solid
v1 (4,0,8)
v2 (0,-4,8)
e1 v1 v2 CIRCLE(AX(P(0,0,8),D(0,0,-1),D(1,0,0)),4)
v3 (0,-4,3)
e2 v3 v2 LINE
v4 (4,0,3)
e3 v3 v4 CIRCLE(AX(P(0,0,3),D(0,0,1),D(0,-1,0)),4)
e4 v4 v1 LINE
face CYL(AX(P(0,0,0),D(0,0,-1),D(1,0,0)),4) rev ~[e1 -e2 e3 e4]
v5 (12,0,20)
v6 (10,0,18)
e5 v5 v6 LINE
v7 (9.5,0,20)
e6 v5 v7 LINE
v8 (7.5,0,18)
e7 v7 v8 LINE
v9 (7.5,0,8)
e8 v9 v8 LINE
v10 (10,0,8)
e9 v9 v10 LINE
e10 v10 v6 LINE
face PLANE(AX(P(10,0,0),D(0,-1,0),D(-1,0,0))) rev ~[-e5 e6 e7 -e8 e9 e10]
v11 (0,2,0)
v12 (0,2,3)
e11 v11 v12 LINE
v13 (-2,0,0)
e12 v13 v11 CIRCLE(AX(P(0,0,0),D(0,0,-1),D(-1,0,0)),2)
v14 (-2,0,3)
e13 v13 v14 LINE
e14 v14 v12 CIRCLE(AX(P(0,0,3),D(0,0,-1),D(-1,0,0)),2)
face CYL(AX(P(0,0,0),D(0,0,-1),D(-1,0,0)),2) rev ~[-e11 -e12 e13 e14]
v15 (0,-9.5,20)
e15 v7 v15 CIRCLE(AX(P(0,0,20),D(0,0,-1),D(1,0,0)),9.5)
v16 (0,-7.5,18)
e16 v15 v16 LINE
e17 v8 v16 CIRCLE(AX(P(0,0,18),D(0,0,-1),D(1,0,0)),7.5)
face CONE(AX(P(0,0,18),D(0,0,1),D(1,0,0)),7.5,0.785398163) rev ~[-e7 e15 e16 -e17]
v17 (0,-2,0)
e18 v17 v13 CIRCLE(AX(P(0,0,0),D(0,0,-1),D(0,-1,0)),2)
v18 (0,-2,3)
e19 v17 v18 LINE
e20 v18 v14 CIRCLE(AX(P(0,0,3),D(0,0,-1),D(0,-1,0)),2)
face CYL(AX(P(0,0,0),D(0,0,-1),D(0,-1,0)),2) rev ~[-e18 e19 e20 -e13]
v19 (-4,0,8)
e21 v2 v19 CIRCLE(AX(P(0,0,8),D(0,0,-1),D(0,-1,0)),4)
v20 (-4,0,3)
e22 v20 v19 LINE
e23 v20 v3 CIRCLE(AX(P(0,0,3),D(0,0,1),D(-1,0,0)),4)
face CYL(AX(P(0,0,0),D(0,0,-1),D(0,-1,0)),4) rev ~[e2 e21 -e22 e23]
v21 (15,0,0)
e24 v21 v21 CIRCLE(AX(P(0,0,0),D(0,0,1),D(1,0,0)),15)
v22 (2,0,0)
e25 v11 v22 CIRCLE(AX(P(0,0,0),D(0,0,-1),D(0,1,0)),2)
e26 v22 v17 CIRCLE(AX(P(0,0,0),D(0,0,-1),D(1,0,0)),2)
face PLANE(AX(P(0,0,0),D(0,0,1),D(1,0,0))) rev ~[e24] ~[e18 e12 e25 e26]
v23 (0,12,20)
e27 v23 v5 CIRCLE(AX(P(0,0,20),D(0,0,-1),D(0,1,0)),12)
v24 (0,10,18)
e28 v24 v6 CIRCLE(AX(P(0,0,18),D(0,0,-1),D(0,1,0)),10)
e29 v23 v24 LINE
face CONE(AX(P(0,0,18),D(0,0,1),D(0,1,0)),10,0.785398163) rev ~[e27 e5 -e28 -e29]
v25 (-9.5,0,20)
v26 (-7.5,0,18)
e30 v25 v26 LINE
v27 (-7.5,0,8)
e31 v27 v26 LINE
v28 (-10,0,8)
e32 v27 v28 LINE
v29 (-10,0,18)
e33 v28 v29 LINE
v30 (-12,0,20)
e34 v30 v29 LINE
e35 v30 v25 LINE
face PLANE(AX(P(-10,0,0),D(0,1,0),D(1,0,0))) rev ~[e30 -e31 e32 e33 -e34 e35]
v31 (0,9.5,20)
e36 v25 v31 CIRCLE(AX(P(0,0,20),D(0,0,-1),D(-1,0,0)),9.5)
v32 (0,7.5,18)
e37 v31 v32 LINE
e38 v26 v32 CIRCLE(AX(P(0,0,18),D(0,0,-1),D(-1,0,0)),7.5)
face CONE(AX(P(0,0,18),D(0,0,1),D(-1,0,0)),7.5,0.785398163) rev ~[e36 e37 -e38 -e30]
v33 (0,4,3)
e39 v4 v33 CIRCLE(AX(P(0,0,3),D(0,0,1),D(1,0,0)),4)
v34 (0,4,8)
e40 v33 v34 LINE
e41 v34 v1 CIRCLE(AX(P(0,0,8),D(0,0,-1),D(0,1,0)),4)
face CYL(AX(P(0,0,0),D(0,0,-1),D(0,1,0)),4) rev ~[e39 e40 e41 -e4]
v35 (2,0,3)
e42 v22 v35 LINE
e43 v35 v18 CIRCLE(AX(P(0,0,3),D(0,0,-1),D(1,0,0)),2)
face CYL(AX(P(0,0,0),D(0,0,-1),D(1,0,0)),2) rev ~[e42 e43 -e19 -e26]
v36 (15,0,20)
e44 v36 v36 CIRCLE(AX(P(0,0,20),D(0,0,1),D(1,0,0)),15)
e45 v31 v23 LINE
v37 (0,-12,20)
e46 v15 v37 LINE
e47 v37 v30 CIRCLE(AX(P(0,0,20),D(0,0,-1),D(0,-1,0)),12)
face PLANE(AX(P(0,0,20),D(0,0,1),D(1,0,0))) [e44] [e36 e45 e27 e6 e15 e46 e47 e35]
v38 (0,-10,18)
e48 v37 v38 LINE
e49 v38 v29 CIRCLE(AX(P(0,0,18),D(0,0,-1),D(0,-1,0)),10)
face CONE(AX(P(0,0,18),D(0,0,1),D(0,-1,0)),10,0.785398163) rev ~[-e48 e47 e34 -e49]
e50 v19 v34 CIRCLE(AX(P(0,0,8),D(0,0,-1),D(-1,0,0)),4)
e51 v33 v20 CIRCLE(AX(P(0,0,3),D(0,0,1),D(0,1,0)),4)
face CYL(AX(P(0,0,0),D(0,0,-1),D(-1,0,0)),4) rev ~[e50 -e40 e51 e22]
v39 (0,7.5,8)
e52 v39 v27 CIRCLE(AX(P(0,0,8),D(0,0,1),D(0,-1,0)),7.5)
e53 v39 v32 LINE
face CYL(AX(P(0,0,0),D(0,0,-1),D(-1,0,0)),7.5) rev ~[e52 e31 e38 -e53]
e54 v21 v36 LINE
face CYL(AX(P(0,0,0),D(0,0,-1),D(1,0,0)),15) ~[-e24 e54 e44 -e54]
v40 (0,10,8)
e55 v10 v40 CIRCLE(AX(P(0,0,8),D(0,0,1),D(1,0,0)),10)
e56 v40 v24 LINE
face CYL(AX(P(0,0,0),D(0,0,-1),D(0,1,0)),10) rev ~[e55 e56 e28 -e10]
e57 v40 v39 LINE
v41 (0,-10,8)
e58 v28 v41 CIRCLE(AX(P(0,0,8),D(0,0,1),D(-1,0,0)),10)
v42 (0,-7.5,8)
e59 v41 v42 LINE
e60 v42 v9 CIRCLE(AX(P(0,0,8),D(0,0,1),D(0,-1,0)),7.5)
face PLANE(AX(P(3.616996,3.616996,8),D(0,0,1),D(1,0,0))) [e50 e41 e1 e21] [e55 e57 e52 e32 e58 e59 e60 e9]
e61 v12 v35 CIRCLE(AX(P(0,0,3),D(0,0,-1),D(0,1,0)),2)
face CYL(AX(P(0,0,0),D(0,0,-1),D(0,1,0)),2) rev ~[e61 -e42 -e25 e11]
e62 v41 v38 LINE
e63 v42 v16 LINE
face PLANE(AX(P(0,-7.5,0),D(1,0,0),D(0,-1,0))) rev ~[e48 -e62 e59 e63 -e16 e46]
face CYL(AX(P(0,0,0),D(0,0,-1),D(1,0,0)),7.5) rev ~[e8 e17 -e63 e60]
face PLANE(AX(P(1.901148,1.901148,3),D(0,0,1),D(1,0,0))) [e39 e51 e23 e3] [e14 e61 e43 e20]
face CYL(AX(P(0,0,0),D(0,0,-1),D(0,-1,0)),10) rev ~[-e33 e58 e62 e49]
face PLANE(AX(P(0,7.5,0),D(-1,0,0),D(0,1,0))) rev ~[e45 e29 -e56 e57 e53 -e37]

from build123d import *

# Parameters (mm, degrees)
F1_DEPTH = 3
F2_DEPTH = 8
F0_R     = 15
F3_DEPTH = 20
F4_SIZE  = 2


with BuildPart() as f1:
    # F0 (on Top) → F1 (new body)
    with BuildSketch(Plane.XY):
        with BuildLine():
            Line((2, 0), (4, 0))
            ThreePointArc((4, 0), (2.8284271247, 2.8284271247), (0, 4))
            Line((0, 4), (0, 2))
            ThreePointArc((0, 2), (1.4142135624, 1.4142135624), (2, 0))
        make_face()
        with BuildLine():
            Line((0, 2), (0, 4))
            ThreePointArc((0, 4), (-2.8284271247, 2.8284271247), (-4, 0))
            Line((-4, 0), (-2, 0))
            ThreePointArc((-2, 0), (-1.4142135624, 1.4142135624), (0, 2))
        make_face()
        with BuildLine():
            ThreePointArc((-4, 0), (-2.8284271247, -2.8284271247), (0, -4))
            Line((0, -4), (0, -2))
            ThreePointArc((0, -2), (-1.4142135624, -1.4142135624), (-2, 0))
            Line((-2, 0), (-4, 0))
        make_face()
        with BuildLine():
            ThreePointArc((0, -4), (2.8284271247, -2.8284271247), (4, 0))
            Line((4, 0), (2, 0))
            ThreePointArc((2, 0), (1.4142135624, -1.4142135624), (0, -2))
            Line((0, -2), (0, -4))
        make_face()
    extrude(amount=F1_DEPTH)

    # F0 (on Top) → F2 (join)
    with BuildSketch(Plane.XY):
        with BuildLine():
            Line((4, 0), (7.5, 0))
            ThreePointArc((7.5, 0), (5.3033008589, 5.3033008589), (0, 7.5))
            Line((0, 7.5), (0, 4))
            ThreePointArc((0, 4), (2.8284271247, 2.8284271247), (4, 0))
        make_face()
        with BuildLine():
            ThreePointArc((-7.5, 0), (-5.3033008589, -5.3033008589), (0, -7.5))
            Line((0, -7.5), (0, -4))
            ThreePointArc((0, -4), (-2.8284271247, -2.8284271247), (-4, 0))
            Line((-4, 0), (-7.5, 0))
        make_face()
        with BuildLine():
            ThreePointArc((0, -7.5), (5.3033008589, -5.3033008589), (7.5, 0))
            Line((7.5, 0), (4, 0))
            ThreePointArc((4, 0), (2.8284271247, -2.8284271247), (0, -4))
            Line((0, -4), (0, -7.5))
        make_face()
        with BuildLine():
            Line((0, 4), (0, 7.5))
            ThreePointArc((0, 7.5), (-5.3033008589, 5.3033008589), (-7.5, 0))
            Line((-7.5, 0), (-4, 0))
            ThreePointArc((-4, 0), (-2.8284271247, 2.8284271247), (0, 4))
        make_face()
        with BuildLine():
            ThreePointArc((-10, 0), (-7.0710678119, -7.0710678119), (0, -10))
            Line((0, -10), (0, -7.5))
            ThreePointArc((0, -7.5), (-5.3033008589, -5.3033008589), (-7.5, 0))
            Line((-7.5, 0), (-10, 0))
        make_face()
        with BuildLine():
            Line((7.5, 0), (10, 0))
            ThreePointArc((10, 0), (7.0710678119, 7.0710678119), (0, 10))
            Line((0, 10), (0, 7.5))
            ThreePointArc((0, 7.5), (5.3033008589, 5.3033008589), (7.5, 0))
        make_face()
    extrude(amount=F2_DEPTH)

    # F0 (on Top) → F3 (join)
    with BuildSketch(Plane.XY):
        Circle(F0_R)
        with BuildLine():
            ThreePointArc((0, 10), (7.0710678119, 7.0710678119), (10, 0))
            ThreePointArc((10, 0), (7.0710678119, -7.0710678119), (0, -10))
            ThreePointArc((0, -10), (-7.0710678119, -7.0710678119), (-10, 0))
            ThreePointArc((-10, 0), (-7.0710678119, 7.0710678119), (0, 10))
        make_face(mode=Mode.SUBTRACT)
        with BuildLine():
            Line((0, 7.5), (0, 10))
            ThreePointArc((0, 10), (-7.0710678119, 7.0710678119), (-10, 0))
            Line((-10, 0), (-7.5, 0))
            ThreePointArc((-7.5, 0), (-5.3033008589, 5.3033008589), (0, 7.5))
        make_face()
        with BuildLine():
            ThreePointArc((0, -10), (7.0710678119, -7.0710678119), (10, 0))
            Line((10, 0), (7.5, 0))
            ThreePointArc((7.5, 0), (5.3033008589, -5.3033008589), (0, -7.5))
            Line((0, -7.5), (0, -10))
        make_face()
    extrude(amount=F3_DEPTH)

    # F4
    f4_edges = [f1.edges().sort_by_distance(p)[0] for p in [
        (-5.303301, 5.303301, 20),
        (5.303301, -5.303301, 20),
        (7.071068, 7.071068, 20),
        (-7.071068, -7.071068, 20),
    ]]
    chamfer(f4_edges, length=F4_SIZE)


solid = f1.part
